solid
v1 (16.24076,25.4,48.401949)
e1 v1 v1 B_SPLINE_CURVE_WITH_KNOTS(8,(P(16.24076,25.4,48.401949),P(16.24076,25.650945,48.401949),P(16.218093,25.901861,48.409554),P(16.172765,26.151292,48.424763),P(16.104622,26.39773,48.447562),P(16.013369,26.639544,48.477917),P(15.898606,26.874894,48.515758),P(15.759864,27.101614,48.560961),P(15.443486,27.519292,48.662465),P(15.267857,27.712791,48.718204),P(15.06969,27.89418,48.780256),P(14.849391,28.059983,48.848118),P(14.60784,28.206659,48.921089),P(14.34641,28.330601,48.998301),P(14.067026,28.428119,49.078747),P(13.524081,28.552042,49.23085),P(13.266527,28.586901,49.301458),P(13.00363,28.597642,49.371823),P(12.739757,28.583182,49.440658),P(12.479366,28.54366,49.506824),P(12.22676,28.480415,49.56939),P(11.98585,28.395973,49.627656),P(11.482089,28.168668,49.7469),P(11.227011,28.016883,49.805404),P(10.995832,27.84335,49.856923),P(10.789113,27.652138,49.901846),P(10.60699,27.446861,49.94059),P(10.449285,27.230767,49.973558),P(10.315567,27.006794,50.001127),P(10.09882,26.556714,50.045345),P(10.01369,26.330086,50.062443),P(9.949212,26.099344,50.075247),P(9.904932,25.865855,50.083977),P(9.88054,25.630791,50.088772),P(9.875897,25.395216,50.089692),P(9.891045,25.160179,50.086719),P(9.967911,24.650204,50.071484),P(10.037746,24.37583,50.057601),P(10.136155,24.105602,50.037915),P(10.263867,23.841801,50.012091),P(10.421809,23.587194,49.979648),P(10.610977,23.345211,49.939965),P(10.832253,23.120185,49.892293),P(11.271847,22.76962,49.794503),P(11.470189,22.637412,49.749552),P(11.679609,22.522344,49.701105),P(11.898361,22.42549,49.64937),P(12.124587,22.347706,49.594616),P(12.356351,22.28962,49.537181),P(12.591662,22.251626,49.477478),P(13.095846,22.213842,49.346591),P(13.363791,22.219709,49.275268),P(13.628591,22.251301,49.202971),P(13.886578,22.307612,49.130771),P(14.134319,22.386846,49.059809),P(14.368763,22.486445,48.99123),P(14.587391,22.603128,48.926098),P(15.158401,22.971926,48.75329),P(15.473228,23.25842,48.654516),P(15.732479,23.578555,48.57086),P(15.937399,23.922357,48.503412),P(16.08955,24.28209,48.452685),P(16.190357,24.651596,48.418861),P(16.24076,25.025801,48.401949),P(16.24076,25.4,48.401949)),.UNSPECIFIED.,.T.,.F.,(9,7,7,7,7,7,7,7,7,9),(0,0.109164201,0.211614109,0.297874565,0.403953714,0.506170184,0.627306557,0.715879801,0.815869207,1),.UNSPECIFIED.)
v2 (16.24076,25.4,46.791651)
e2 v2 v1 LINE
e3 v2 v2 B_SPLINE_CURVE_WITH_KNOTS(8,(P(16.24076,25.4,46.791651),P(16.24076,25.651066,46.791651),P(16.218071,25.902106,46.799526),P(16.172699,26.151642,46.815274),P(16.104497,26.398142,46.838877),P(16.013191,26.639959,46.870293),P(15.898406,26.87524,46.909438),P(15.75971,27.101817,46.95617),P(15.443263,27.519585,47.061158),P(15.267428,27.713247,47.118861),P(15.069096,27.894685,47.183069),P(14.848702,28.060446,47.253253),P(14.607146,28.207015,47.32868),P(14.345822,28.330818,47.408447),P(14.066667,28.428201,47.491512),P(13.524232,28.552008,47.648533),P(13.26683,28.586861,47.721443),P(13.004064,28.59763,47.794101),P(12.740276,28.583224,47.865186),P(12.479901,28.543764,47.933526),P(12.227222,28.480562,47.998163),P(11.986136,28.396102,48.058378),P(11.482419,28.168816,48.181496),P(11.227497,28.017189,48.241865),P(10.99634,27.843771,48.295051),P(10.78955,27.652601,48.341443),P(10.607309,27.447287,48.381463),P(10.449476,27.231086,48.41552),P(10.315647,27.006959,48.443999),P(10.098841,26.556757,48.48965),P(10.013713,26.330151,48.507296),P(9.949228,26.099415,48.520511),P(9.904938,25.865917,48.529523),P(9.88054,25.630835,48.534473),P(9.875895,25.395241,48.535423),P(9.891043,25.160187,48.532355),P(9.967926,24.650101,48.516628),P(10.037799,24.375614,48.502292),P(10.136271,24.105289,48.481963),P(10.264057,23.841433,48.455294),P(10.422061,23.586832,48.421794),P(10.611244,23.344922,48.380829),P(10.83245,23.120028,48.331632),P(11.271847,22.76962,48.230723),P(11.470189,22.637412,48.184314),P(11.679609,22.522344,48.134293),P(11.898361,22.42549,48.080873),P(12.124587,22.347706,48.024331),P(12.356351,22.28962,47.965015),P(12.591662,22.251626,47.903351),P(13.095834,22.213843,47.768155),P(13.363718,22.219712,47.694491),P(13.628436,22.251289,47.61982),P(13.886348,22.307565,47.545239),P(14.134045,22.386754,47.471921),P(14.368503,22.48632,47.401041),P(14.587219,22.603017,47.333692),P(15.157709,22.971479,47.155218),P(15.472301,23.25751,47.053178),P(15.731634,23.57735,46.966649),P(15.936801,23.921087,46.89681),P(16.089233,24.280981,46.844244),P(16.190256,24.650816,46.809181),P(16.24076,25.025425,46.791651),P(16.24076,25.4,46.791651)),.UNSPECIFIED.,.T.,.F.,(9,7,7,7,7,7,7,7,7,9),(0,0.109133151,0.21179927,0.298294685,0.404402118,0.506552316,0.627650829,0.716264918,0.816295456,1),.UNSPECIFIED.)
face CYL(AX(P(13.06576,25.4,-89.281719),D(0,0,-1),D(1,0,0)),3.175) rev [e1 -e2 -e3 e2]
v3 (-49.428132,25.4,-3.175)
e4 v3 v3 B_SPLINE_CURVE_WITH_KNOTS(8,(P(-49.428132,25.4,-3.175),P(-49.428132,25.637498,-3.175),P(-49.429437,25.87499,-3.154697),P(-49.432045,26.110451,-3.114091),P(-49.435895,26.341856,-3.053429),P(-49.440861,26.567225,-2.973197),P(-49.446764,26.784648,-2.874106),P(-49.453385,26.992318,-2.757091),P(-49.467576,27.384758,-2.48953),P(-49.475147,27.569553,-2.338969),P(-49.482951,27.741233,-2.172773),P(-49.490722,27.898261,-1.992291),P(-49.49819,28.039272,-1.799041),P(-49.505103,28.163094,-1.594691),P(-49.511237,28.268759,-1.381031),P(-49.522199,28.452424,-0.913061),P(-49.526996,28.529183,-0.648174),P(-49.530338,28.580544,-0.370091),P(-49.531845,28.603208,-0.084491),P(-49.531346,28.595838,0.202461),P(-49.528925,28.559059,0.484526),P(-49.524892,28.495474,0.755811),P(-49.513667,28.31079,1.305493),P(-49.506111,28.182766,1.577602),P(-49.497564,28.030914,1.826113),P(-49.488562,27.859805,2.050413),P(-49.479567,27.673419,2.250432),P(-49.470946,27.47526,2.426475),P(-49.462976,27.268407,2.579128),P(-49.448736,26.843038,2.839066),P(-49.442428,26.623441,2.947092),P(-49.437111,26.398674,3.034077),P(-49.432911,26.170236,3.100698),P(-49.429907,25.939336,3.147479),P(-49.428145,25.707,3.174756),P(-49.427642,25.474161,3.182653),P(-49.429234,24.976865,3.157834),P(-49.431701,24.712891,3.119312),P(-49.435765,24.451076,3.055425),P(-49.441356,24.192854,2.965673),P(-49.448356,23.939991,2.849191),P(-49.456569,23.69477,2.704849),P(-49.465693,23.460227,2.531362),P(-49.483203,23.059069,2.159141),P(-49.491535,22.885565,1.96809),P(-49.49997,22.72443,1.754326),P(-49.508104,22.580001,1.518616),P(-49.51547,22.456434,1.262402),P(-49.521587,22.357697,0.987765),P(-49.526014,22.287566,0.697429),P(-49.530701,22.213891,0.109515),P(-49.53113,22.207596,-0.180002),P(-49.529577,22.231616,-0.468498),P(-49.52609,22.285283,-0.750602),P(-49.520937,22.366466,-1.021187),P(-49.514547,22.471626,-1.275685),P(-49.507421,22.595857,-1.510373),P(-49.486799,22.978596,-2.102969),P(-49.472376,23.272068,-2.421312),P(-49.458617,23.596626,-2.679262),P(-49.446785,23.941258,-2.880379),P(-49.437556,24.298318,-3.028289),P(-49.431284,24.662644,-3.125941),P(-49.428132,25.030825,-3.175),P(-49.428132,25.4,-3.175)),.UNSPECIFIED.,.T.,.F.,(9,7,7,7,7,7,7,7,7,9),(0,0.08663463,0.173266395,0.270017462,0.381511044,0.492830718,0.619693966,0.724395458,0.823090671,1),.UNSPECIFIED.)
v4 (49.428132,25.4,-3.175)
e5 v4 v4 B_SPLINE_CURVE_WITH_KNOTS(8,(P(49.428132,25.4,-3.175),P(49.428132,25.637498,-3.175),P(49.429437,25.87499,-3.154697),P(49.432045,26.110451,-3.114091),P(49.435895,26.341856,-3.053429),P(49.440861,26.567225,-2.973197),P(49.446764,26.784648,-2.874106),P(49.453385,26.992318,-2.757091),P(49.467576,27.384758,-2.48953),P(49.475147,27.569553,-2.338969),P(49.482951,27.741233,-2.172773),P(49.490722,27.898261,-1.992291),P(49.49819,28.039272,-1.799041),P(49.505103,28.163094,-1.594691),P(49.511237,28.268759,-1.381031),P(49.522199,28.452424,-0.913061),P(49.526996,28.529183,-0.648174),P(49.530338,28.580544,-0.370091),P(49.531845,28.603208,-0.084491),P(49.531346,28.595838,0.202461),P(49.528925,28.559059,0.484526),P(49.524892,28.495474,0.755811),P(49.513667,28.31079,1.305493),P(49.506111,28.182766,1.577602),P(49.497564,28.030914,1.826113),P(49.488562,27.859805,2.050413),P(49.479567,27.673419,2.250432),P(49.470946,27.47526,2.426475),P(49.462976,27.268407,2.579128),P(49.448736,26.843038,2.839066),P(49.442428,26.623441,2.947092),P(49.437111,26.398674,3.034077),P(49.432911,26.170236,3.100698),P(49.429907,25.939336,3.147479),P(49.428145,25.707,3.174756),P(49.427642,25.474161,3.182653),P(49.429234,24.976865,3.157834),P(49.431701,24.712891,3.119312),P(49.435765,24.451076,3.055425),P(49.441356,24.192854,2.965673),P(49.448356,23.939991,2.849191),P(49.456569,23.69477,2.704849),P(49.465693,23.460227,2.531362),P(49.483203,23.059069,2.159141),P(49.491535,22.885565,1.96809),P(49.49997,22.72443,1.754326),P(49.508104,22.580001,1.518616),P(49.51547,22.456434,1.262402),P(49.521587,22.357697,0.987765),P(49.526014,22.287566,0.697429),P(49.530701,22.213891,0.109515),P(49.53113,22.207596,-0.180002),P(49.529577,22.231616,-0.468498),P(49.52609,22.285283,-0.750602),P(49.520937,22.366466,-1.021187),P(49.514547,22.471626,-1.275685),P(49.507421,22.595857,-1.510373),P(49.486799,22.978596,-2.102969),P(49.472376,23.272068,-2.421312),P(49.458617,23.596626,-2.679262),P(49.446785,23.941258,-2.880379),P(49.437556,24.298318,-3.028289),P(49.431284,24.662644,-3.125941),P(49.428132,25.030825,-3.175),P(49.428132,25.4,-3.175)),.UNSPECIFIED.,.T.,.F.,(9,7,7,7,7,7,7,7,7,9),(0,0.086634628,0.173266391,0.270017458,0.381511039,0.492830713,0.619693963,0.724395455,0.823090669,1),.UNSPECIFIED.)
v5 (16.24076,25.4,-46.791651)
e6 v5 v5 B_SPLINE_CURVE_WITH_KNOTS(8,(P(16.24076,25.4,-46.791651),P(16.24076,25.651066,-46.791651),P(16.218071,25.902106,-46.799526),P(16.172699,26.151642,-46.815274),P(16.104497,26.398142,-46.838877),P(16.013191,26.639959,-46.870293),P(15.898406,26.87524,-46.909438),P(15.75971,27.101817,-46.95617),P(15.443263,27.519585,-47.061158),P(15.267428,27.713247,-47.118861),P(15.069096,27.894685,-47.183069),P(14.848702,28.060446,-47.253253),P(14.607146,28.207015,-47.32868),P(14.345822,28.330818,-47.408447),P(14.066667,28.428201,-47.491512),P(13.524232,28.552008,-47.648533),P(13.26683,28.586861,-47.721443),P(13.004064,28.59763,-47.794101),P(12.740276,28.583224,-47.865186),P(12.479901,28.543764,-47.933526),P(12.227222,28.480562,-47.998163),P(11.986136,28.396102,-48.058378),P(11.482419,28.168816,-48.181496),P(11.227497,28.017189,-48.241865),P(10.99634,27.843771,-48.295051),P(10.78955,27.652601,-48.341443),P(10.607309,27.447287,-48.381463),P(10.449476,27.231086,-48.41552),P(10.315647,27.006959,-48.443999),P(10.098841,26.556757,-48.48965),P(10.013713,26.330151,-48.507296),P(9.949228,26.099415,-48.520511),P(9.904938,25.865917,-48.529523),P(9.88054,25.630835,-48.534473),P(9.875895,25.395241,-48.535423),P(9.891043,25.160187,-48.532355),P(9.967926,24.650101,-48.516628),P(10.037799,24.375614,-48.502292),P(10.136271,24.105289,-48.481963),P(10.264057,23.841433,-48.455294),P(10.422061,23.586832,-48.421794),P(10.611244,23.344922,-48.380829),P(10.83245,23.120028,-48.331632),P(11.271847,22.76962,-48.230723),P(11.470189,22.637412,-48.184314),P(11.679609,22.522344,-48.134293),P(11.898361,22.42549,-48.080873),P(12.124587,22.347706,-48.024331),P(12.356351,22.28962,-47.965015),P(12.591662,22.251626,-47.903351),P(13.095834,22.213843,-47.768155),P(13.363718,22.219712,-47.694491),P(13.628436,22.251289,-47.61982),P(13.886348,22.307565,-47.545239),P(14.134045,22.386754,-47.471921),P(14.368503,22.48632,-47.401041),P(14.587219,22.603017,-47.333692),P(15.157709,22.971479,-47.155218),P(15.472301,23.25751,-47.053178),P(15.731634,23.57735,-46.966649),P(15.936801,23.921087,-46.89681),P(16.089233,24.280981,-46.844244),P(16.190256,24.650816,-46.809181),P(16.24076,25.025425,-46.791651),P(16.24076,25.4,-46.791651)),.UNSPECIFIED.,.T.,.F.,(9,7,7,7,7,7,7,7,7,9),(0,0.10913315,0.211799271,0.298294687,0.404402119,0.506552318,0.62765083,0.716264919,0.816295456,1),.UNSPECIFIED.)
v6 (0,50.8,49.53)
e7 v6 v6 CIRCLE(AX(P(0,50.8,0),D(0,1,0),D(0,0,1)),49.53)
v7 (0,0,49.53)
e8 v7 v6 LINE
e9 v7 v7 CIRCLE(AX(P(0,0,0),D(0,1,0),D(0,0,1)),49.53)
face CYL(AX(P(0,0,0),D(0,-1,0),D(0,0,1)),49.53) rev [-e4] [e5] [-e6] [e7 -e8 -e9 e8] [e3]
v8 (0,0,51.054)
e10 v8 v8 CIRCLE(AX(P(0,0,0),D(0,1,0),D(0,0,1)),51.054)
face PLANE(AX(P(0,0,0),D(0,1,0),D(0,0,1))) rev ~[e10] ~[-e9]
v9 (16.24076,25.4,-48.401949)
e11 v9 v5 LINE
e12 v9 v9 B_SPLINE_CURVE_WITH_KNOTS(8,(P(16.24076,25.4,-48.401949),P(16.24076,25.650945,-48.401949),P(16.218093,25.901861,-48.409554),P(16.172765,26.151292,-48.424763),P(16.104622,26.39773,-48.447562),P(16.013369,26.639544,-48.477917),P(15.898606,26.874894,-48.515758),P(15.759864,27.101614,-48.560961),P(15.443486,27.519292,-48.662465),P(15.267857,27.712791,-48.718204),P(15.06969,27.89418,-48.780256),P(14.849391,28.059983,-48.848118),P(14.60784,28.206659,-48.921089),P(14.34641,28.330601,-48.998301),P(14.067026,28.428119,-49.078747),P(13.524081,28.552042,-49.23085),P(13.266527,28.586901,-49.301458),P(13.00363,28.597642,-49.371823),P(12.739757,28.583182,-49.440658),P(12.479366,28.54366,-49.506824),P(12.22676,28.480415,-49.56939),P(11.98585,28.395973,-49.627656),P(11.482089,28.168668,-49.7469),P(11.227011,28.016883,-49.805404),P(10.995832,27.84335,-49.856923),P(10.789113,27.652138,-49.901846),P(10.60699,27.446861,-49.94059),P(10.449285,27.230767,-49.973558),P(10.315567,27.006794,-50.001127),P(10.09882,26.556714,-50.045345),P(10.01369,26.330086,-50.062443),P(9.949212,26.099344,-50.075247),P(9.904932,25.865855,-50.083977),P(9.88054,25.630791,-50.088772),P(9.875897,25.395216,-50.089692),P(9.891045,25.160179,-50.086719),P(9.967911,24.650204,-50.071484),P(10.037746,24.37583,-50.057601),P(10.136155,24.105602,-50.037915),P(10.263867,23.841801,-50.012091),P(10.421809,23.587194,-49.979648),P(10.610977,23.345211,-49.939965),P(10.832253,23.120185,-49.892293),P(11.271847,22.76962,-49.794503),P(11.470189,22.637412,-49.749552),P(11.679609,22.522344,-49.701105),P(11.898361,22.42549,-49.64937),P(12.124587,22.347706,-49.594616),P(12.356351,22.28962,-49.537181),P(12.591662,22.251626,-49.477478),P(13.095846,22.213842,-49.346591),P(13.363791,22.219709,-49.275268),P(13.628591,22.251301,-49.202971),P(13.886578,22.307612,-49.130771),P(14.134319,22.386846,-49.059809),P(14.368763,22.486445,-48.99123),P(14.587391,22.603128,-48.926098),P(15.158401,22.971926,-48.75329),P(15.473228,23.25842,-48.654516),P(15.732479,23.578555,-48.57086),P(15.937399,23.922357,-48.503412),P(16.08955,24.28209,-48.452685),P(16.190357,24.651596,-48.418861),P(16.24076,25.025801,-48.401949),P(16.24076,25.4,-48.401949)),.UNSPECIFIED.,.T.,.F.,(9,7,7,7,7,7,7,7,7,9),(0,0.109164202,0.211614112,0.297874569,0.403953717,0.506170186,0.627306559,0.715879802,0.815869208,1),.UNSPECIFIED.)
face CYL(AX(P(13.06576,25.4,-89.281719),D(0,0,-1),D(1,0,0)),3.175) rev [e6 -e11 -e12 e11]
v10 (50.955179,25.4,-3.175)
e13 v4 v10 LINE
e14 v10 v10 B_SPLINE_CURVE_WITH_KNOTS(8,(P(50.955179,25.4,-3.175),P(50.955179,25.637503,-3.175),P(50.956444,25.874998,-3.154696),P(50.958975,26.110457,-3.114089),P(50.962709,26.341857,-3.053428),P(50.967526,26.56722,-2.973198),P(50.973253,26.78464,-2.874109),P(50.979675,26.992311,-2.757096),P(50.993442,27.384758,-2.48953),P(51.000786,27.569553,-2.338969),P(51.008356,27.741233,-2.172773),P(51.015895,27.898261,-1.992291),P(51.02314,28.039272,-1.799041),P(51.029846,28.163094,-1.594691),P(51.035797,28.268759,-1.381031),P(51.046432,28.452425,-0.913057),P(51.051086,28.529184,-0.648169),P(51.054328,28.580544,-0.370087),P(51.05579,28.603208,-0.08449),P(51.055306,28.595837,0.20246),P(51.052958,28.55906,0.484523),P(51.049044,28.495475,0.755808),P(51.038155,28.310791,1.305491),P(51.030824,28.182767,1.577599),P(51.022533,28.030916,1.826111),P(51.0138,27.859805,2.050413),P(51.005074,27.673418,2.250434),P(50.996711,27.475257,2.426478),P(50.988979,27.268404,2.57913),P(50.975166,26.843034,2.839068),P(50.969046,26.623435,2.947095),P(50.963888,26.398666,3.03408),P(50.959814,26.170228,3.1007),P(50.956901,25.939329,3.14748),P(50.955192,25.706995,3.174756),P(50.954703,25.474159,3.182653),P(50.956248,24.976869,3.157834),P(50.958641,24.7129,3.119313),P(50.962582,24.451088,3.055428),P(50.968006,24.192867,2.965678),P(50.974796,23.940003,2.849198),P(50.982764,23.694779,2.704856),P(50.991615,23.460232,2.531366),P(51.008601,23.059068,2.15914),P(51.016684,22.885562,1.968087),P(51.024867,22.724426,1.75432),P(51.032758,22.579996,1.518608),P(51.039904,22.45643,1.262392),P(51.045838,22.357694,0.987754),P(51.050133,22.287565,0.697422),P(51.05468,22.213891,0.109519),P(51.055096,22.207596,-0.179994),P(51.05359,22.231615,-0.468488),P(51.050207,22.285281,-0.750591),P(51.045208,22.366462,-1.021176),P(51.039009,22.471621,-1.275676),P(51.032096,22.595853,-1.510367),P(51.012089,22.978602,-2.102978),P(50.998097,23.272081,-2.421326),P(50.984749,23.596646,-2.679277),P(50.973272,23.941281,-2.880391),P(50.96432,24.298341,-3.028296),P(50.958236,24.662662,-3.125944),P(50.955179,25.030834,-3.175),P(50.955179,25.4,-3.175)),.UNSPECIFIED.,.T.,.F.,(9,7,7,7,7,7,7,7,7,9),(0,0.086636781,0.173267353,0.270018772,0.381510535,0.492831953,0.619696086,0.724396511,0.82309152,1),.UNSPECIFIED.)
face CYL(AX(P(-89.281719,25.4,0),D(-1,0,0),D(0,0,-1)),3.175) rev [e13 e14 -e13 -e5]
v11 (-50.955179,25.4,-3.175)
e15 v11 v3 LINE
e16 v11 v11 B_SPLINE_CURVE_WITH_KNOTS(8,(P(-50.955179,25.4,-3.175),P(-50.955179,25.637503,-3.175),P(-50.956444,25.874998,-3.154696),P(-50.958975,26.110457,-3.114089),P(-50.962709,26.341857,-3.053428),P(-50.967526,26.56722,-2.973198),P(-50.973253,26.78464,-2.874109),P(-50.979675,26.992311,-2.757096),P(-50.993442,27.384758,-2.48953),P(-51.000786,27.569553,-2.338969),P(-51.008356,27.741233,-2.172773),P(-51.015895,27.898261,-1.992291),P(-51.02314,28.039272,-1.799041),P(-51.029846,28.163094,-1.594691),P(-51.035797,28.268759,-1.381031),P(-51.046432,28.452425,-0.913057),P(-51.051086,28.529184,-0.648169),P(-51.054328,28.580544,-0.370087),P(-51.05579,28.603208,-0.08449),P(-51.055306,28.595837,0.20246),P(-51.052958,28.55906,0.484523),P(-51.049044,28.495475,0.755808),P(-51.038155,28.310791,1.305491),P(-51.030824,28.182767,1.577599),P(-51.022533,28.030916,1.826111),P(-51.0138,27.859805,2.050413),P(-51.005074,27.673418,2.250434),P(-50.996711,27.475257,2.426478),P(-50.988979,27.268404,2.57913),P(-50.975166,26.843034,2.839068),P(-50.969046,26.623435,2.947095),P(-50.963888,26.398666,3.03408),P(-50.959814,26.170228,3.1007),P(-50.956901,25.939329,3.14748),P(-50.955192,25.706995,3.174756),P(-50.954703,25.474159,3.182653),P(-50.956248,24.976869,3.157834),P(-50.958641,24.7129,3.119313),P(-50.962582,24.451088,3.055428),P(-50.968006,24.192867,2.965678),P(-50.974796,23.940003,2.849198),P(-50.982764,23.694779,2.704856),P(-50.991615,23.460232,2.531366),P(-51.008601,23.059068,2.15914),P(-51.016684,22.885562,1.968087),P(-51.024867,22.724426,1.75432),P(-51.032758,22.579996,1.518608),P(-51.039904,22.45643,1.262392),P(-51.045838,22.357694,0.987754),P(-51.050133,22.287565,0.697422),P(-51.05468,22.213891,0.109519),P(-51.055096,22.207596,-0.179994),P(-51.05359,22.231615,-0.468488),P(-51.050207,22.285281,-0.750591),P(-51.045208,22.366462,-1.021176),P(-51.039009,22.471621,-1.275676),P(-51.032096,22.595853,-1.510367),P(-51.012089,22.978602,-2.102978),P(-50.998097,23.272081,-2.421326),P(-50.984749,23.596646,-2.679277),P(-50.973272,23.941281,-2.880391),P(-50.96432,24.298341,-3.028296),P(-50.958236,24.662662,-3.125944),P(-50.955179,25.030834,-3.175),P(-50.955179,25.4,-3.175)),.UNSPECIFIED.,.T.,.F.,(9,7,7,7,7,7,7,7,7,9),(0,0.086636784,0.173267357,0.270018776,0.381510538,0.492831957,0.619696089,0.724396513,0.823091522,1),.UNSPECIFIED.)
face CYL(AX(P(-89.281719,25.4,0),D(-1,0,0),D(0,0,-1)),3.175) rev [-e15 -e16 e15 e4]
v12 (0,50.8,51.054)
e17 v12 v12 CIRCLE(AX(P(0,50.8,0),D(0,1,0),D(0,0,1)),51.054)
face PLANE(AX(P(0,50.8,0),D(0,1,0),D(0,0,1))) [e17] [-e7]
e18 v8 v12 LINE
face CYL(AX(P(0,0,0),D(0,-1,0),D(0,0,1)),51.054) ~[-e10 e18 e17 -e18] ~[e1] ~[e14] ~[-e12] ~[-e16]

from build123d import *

# Parameters (mm, degrees)
SKETCH1_R               = 51.054
SKETCH1_R_2             = 49.53
BOSS_EXTRUDE1_DEPTH     = 50.8
CUT_EXTRUDE1_DEPTH      = 89.281718561
CUT_EXTRUDE1_DEPTH_BACK = 89.281718561
SKETCH2_R               = 3.175
CUT_EXTRUDE2_DEPTH      = 89.281718734
CUT_EXTRUDE2_DEPTH_BACK = 89.281718734
SKETCH3_R               = 3.175


with BuildPart() as part:
    # Sketch1 → Boss-Extrude1 (new body)
    with BuildSketch(Plane(origin=(0, 0, 0), x_dir=(1, 0, 0), z_dir=(0, 1, 0))):
        with Locations(Location((0, 0, 0), (0, 0, 270))):
            Circle(SKETCH1_R)
        with Locations(Location((0, 0, 0), (0, 0, 270))):
            Circle(SKETCH1_R_2, mode=Mode.SUBTRACT)
    extrude(amount=BOSS_EXTRUDE1_DEPTH)

    # Sketch2 → Cut-Extrude1 (cut, two sides: drawn at the far end of the back side and taken through both)
    with BuildSketch(Plane.XY.offset(-CUT_EXTRUDE1_DEPTH_BACK)):
        with Locations((13.06576, 25.4)):
            Circle(SKETCH2_R)
    extrude(amount=CUT_EXTRUDE1_DEPTH + CUT_EXTRUDE1_DEPTH_BACK, mode=Mode.SUBTRACT)

    # Sketch3 → Cut-Extrude2 (cut, two sides: drawn at the far end of the back side and taken through both)
    with BuildSketch(Plane(origin=(0, 0, 0), x_dir=(0, 0, -1), z_dir=(1, 0, 0)).offset(-CUT_EXTRUDE2_DEPTH_BACK)):
        with Locations((0, 25.4)):
            Circle(SKETCH3_R)
    extrude(amount=CUT_EXTRUDE2_DEPTH + CUT_EXTRUDE2_DEPTH_BACK, mode=Mode.SUBTRACT)


solid = part.part
